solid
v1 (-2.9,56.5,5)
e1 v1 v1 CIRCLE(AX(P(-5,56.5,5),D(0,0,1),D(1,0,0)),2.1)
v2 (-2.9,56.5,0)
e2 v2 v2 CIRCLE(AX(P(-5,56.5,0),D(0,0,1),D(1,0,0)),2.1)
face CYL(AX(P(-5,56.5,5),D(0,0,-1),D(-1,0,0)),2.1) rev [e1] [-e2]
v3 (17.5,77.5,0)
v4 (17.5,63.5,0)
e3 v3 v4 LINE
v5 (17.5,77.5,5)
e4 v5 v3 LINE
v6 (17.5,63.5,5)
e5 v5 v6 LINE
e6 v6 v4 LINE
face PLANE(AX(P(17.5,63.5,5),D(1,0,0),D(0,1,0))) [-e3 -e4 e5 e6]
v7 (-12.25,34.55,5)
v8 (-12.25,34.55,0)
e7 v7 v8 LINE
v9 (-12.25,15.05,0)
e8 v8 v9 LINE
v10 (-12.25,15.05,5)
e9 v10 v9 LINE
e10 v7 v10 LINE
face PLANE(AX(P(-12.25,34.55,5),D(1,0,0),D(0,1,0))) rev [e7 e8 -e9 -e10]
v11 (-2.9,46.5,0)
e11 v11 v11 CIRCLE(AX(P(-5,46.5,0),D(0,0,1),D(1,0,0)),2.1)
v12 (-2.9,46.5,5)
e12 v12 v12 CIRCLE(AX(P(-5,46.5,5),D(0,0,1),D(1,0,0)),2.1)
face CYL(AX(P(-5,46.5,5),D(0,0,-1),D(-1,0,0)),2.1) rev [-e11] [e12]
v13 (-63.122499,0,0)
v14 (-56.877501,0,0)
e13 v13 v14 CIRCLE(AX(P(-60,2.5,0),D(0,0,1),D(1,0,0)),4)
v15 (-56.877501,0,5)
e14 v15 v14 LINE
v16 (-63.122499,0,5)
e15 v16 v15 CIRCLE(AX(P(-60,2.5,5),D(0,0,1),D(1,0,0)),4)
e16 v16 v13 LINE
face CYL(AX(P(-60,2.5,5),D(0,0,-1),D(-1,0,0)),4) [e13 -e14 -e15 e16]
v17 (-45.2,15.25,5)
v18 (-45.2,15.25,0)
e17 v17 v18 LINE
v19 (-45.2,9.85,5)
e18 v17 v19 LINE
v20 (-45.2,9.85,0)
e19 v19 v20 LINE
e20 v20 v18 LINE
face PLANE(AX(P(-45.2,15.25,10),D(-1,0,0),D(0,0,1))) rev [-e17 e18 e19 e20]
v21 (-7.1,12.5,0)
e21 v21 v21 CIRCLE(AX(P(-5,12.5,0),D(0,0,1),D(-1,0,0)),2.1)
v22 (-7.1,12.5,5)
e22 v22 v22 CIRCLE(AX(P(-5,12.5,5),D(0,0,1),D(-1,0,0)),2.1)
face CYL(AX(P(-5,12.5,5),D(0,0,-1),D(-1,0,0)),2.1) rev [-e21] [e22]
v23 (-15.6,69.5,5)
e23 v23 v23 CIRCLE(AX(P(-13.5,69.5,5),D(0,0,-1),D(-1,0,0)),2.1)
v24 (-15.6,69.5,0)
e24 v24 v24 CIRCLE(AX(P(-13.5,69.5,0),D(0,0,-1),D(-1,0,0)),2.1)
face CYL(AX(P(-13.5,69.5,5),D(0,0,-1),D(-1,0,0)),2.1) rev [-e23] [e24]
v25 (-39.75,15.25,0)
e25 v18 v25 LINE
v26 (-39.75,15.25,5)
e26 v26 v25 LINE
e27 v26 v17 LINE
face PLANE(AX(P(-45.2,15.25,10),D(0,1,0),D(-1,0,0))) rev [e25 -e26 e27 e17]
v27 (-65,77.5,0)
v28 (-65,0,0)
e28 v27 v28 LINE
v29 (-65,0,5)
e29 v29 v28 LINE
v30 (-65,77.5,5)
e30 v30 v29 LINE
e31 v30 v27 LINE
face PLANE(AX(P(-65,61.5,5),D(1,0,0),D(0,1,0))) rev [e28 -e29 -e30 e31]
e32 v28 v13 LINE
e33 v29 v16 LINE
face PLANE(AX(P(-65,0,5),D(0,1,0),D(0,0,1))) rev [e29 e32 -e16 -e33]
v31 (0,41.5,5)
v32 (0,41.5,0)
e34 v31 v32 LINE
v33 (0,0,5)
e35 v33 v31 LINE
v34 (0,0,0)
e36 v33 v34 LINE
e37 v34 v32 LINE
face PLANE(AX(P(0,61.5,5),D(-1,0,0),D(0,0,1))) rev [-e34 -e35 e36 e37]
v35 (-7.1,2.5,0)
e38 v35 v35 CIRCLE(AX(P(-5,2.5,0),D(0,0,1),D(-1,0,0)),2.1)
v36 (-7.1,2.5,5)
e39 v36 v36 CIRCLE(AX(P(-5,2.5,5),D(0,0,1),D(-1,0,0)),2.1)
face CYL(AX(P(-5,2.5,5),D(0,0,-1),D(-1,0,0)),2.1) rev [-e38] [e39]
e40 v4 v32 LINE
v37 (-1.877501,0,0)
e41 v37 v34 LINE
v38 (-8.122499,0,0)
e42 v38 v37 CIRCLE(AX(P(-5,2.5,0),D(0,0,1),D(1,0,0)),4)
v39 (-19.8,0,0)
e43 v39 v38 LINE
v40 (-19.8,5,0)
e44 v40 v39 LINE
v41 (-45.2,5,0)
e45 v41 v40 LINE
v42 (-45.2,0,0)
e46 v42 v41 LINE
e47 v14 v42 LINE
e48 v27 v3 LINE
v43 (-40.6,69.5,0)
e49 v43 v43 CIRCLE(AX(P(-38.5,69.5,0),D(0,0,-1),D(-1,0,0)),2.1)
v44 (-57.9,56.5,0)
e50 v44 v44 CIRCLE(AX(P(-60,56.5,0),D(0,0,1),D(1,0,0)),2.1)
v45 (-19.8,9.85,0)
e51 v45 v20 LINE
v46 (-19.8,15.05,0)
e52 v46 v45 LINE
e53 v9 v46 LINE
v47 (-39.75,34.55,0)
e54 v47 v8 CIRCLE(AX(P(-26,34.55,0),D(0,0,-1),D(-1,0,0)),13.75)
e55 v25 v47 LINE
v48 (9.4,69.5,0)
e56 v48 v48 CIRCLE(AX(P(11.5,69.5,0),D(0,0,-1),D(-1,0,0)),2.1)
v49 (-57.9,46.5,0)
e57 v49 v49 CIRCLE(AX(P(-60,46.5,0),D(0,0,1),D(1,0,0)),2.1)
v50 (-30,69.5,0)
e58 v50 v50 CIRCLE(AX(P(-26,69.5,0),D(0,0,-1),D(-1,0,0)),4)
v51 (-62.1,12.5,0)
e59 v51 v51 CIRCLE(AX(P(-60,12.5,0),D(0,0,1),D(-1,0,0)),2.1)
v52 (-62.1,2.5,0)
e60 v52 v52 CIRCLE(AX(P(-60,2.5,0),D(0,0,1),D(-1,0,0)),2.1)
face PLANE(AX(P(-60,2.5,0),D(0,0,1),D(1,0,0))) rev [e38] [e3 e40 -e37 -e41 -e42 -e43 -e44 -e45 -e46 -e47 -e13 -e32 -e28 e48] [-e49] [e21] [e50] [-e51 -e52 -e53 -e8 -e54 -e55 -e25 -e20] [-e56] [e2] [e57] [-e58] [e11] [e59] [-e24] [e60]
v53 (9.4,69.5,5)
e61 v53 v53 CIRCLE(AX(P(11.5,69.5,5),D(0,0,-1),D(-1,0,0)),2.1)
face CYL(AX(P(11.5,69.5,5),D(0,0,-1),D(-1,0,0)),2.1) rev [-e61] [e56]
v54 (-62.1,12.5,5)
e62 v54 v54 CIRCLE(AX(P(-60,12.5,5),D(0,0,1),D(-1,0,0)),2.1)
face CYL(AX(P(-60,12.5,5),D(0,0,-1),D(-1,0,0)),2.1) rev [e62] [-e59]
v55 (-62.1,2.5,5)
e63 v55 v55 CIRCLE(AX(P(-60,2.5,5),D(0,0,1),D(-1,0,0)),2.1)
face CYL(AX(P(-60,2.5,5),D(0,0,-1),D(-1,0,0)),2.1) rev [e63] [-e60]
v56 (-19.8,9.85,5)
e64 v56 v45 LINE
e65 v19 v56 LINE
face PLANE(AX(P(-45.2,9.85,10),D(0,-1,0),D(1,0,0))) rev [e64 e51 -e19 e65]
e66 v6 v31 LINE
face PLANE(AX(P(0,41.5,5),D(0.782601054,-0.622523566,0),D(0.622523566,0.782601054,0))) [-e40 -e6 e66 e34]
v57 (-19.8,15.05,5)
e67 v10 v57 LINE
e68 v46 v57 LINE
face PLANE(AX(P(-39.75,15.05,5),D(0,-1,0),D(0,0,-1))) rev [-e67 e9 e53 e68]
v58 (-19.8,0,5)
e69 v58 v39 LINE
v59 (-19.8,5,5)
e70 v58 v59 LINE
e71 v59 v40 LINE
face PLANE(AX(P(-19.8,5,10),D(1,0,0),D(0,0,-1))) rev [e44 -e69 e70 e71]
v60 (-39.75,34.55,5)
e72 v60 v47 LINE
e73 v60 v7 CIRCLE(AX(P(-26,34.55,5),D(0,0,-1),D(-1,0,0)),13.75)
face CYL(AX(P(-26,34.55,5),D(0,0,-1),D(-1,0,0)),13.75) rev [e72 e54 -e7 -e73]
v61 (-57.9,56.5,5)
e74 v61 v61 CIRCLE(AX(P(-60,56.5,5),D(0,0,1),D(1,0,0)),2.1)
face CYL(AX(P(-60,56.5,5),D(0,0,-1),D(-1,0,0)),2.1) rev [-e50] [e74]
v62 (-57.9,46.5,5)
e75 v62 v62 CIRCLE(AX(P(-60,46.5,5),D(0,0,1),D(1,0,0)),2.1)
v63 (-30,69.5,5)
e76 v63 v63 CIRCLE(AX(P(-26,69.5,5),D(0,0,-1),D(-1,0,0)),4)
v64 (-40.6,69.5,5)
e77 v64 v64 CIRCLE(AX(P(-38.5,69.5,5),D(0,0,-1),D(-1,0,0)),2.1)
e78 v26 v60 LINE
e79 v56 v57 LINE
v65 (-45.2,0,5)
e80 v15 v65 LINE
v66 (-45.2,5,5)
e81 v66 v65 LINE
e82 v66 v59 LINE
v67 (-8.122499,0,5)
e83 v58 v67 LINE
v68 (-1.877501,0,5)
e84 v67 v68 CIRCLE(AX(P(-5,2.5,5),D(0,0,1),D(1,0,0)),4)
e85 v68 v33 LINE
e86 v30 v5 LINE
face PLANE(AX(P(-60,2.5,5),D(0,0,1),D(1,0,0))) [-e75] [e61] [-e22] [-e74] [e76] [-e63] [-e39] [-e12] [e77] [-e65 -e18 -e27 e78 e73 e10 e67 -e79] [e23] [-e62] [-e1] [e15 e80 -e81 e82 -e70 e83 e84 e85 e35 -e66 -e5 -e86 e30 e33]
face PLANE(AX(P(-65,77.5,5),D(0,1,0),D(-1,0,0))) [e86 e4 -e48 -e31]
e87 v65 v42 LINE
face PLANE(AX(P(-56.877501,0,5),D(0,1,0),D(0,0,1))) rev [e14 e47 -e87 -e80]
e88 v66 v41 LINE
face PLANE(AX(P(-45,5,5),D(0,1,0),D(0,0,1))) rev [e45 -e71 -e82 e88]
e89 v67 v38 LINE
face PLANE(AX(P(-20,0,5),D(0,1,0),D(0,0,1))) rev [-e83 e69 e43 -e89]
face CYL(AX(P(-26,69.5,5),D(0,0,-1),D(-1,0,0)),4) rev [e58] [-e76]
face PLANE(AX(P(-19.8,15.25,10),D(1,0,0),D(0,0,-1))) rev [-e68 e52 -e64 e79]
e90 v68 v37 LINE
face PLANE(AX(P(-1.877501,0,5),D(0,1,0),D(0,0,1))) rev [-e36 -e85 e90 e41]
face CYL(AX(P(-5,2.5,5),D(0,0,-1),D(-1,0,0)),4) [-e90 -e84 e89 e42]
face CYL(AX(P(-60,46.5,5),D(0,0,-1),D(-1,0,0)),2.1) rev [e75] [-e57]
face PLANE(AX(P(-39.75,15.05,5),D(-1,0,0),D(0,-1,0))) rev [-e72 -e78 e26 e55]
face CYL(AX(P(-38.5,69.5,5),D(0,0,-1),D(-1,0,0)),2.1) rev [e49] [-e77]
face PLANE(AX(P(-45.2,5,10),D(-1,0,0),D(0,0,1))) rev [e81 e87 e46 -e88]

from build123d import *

# Parameters (mm, degrees)
SKETCH1_R           = 2.1
SKETCH1_W           = 25
SKETCH1_H           = 5.1
BOSS_EXTRUDE1_DEPTH = 5
CUT_EXTRUDE2_DEPTH  = 5
SKETCH4_R           = 2.1
SKETCH4_R_2         = 4
BOSS_EXTRUDE2_DEPTH = 5
SKETCH5_W           = 25.4
SKETCH5_H           = 5
SKETCH5_H_2         = 5.4
CUT_EXTRUDE3_DEPTH  = 10


with BuildPart() as part:
    # Sketch1 → Boss-Extrude1 (new body)
    with BuildSketch(Plane.XY):
        with BuildLine():
            Line((-65, 61.5), (0, 61.5))
            Line((0, 61.5), (0, 0))
            Line((0, 0), (-1.877501001, 0))
            ThreePointArc((-1.877501001, 0), (-5, -1.5), (-8.122498999, 0))
            Line((-8.122498999, 0), (-20, 0))
            Line((-20, 0), (-20, 5))
            Line((-20, 5), (-45, 5))
            Line((-45, 5), (-45, 0))
            Line((-45, 0), (-56.877501001, 0))
            ThreePointArc((-56.877501001, 0), (-60, -1.5), (-63.122498999, 0))
            Line((-63.122498999, 0), (-65, 0))
            Line((-65, 0), (-65, 61.5))
        make_face()
        with Locations((-60, 56.5)):
            Circle(SKETCH1_R, mode=Mode.SUBTRACT)
        with Locations((-5, 56.5)):
            Circle(SKETCH1_R, mode=Mode.SUBTRACT)
        with Locations((-60, 46.5)):
            Circle(SKETCH1_R, mode=Mode.SUBTRACT)
        with Locations((-5, 46.5)):
            Circle(SKETCH1_R, mode=Mode.SUBTRACT)
        with Locations(Location((-5, 12.5, 0), (0, 0, 180))):
            Circle(SKETCH1_R, mode=Mode.SUBTRACT)
        with Locations(Location((-5, 2.5, 0), (0, 0, 180))):
            Circle(SKETCH1_R, mode=Mode.SUBTRACT)
        with Locations(Location((-60, 2.5, 0), (0, 0, 180))):
            Circle(SKETCH1_R, mode=Mode.SUBTRACT)
        with Locations(Location((-60, 12.5, 0), (0, 0, 180))):
            Circle(SKETCH1_R, mode=Mode.SUBTRACT)
        with Locations((-32.5, 12.5)):
            Rectangle(SKETCH1_W, SKETCH1_H, mode=Mode.SUBTRACT)
    extrude(amount=BOSS_EXTRUDE1_DEPTH)

    # Sketch3 → Cut-Extrude2 (cut)
    with BuildSketch(Plane(origin=(0, 0, 0), x_dir=(-1, 0, 0), z_dir=(0, 0, -1))):
        with BuildLine():
            Line((39.75, 15.05), (39.75, 34.55))
            ThreePointArc((39.75, 34.55), (26, 48.3), (12.25, 34.55))
            Line((12.25, 34.55), (12.25, 15.05))
            Line((12.25, 15.05), (39.75, 15.05))
        make_face()
    extrude(amount=-CUT_EXTRUDE2_DEPTH, mode=Mode.SUBTRACT)

    # Sketch4 → Boss-Extrude2 (add)
    with BuildSketch(Plane(origin=(0, 0, 0), x_dir=(-1, 0, 0), z_dir=(0, 0, -1))):
        Polygon((0, 41.5), (-17.5, 63.5), (-17.5, 77.5), (65, 77.5), (65, 61.5), (0, 61.5), align=None)
        with Locations((-11.5, 69.5)):
            Circle(SKETCH4_R, mode=Mode.SUBTRACT)
        with Locations((13.5, 69.5)):
            Circle(SKETCH4_R, mode=Mode.SUBTRACT)
        with Locations((26, 69.5)):
            Circle(SKETCH4_R_2, mode=Mode.SUBTRACT)
        with Locations((38.5, 69.5)):
            Circle(SKETCH4_R, mode=Mode.SUBTRACT)
    extrude(amount=-BOSS_EXTRUDE2_DEPTH)

    # Sketch5 → Cut-Extrude3 (cut)
    with BuildSketch(Plane(origin=(0, 0, 0), x_dir=(-1, 0, 0), z_dir=(0, 0, -1))):
        with Locations((32.5, 2.5)):
            Rectangle(SKETCH5_W, SKETCH5_H)
        with Locations((32.5, 12.55)):
            Rectangle(SKETCH5_W, SKETCH5_H_2)
    extrude(amount=-CUT_EXTRUDE3_DEPTH, mode=Mode.SUBTRACT)


solid = part.part
